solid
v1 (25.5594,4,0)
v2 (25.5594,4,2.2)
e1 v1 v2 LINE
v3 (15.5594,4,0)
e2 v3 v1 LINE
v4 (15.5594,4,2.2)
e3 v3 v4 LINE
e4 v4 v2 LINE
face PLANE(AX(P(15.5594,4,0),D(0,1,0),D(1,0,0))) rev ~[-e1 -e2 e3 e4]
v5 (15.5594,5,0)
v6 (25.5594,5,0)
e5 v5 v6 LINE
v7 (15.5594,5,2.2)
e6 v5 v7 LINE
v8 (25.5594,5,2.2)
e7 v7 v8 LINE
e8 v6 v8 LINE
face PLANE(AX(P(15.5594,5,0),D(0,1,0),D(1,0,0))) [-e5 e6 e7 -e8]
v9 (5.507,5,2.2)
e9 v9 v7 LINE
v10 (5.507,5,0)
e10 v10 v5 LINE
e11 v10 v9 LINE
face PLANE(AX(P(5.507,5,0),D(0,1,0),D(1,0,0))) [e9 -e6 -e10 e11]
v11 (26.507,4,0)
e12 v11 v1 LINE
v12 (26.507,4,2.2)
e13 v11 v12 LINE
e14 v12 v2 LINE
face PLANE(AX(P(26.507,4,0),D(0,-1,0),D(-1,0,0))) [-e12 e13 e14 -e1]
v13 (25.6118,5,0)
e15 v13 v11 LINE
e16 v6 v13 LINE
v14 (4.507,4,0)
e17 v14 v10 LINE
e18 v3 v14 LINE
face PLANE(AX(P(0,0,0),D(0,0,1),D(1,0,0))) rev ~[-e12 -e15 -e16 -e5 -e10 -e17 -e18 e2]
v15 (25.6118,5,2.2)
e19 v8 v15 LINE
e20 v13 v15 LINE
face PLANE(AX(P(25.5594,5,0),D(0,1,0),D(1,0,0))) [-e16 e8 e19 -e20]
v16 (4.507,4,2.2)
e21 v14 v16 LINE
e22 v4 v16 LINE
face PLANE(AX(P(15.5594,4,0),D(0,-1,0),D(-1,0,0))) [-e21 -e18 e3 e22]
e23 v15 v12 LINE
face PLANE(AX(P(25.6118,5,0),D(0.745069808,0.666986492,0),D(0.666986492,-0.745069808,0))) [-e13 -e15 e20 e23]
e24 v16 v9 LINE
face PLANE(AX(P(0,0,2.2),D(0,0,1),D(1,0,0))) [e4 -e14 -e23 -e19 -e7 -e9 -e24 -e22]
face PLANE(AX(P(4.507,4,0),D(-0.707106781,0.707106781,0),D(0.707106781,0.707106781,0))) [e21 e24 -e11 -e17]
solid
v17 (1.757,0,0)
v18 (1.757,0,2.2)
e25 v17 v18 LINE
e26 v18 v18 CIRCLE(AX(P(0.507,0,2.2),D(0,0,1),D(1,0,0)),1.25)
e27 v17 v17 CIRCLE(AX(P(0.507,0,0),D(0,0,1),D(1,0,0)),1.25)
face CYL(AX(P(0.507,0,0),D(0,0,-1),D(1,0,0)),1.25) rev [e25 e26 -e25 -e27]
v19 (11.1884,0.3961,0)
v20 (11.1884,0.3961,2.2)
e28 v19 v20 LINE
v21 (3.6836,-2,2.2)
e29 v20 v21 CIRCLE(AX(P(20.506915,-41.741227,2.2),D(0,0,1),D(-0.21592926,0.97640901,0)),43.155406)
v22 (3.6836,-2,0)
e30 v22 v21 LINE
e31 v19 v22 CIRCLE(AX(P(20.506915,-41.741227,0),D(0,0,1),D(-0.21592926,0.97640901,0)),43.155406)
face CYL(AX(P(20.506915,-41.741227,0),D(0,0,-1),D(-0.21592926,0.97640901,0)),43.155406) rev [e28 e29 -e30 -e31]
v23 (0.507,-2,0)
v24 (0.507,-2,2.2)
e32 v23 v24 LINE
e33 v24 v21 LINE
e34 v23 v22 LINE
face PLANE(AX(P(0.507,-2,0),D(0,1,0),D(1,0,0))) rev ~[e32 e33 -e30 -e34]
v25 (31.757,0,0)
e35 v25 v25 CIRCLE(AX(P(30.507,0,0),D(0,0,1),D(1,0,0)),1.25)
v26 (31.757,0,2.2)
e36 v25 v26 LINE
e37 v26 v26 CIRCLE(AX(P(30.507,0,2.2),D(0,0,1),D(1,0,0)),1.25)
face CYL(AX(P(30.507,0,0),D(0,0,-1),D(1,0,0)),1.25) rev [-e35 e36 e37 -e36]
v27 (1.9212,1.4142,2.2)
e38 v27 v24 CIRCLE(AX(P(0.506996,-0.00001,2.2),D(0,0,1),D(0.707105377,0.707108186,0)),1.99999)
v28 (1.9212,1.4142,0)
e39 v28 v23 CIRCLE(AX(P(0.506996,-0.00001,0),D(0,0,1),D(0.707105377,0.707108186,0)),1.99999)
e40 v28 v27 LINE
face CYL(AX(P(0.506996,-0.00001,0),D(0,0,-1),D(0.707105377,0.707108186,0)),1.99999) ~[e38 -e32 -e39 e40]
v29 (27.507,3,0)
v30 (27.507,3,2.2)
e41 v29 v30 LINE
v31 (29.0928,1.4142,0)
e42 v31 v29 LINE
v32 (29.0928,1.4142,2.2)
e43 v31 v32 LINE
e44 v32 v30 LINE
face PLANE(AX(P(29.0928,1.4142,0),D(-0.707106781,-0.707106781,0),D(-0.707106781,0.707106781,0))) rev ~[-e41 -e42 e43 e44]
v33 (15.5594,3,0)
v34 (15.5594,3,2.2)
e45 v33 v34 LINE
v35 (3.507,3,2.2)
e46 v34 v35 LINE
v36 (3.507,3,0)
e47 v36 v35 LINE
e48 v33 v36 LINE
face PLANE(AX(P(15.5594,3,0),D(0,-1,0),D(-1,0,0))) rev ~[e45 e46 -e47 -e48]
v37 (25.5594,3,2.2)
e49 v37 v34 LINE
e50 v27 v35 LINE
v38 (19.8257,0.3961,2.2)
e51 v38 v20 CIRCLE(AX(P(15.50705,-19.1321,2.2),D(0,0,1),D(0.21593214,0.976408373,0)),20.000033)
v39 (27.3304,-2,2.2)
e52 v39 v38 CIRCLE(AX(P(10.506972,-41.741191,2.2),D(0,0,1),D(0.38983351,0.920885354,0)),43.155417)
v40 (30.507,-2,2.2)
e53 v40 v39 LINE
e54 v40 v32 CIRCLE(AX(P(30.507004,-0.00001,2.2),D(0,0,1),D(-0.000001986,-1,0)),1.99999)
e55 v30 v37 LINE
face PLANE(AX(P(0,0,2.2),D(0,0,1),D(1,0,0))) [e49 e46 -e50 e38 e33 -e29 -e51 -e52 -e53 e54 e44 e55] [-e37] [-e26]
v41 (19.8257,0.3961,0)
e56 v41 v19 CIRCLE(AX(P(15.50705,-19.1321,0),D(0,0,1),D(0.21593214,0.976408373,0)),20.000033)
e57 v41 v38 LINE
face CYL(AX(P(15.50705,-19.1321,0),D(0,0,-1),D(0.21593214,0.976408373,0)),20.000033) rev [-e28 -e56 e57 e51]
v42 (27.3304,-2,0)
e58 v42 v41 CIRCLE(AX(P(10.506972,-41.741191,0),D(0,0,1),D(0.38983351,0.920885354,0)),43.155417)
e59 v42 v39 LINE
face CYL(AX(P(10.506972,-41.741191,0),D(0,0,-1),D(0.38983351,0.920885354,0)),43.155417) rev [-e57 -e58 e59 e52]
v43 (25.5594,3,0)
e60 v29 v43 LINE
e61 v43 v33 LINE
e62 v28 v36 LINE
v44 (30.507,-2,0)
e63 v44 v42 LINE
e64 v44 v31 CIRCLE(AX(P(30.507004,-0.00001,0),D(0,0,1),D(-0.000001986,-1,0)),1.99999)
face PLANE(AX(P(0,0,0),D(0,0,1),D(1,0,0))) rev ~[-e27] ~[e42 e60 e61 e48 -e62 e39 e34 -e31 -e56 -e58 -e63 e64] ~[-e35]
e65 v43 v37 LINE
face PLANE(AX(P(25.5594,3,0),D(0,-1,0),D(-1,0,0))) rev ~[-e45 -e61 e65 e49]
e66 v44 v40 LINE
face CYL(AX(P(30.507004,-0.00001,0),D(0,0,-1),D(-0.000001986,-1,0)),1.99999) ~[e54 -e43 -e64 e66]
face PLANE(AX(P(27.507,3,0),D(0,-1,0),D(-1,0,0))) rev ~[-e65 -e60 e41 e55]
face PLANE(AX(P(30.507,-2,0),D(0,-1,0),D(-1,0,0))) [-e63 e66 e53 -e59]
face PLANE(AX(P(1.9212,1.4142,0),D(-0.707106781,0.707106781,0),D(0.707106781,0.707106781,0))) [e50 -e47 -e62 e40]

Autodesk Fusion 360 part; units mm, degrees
sketch "Sketch1" plane through (0, 0, 0) normal (0, 0, 1) x (1, 0, 0)
  circle A0 centre (0.507, 0) radius 1.25
  line L0 (4.507, 4) -> (5.507, 5)
  arc A1 (1.9212, 1.4142) -> (0.507, -2) centre (0.507, 0) ccw
  line L1 (1.9212, 1.4142) -> (3.507, 3)
  line L2 (0.507, -2) -> (3.6836, -2)
  arc A2 (11.1884, 0.3961) -> (3.6836, -2) centre (20.507, -41.7412) ccw
  line L3 (26.507, 4) -> (25.5594, 4)
  line L4 (15.5594, 4) -> (4.507, 4)
  line L5 (4.507, 4) -> (15.5594, 4)
  line L6 (25.5594, 4) -> (26.507, 4)
  line L7 (5.507, 5) -> (15.5594, 5)
  line L8 (25.5594, 5) -> (25.6118, 5)
  line L9 (27.507, 3) -> (25.5594, 3)
  line L10 (15.5594, 3) -> (3.507, 3)
  arc A3 (27.3304, -2) -> (19.8257, 0.3961) centre (10.507, -41.7412) ccw
  line L11 (15.5594, 5) -> (25.6118, 5)
  circle A4 centre (30.507, 0) radius 1.25
  line L12 (27.507, 3) -> (15.5594, 3)
  line L13 (30.507, -2) -> (27.3304, -2)
  line L14 (25.6118, 5) -> (26.507, 4)
  line L15 (29.0928, 1.4142) -> (27.507, 3)
  line L16 (15.5594, 4) -> (26.507, 4)
  line L17 (26.507, 4) -> (15.5594, 4)
  line L18 (15.5594, 1.1297) -> (15.5594, 1.1174)
  arc A5 (30.507, -2) -> (29.0928, 1.4142) centre (30.507, 0) ccw
  arc A6 (19.8257, 0.3961) -> (11.1884, 0.3961) centre (15.507, -19.1321) ccw
  dimension "d3" = 2.5
  dimension "d5" = 1
  dimension "d7" = 4
  dimension "d9" = 1
  dimension "d18" = 2.5
  dimension "d19" = 4
  dimension "d20" = 20
extrude "Extrude3" add sketch "Sketch1" along normal blind 2.2 contours A1 L1 L2 A2 L9 L10 A3 L12 L13 L15 A5 A6 makes body 1
extrude "Extrude4" add sketch "Sketch1" along normal blind 2.2 separate body contours L0 L3 L4 L5 L6 L7 L8 L11 L14 L16 L17 makes body 2
